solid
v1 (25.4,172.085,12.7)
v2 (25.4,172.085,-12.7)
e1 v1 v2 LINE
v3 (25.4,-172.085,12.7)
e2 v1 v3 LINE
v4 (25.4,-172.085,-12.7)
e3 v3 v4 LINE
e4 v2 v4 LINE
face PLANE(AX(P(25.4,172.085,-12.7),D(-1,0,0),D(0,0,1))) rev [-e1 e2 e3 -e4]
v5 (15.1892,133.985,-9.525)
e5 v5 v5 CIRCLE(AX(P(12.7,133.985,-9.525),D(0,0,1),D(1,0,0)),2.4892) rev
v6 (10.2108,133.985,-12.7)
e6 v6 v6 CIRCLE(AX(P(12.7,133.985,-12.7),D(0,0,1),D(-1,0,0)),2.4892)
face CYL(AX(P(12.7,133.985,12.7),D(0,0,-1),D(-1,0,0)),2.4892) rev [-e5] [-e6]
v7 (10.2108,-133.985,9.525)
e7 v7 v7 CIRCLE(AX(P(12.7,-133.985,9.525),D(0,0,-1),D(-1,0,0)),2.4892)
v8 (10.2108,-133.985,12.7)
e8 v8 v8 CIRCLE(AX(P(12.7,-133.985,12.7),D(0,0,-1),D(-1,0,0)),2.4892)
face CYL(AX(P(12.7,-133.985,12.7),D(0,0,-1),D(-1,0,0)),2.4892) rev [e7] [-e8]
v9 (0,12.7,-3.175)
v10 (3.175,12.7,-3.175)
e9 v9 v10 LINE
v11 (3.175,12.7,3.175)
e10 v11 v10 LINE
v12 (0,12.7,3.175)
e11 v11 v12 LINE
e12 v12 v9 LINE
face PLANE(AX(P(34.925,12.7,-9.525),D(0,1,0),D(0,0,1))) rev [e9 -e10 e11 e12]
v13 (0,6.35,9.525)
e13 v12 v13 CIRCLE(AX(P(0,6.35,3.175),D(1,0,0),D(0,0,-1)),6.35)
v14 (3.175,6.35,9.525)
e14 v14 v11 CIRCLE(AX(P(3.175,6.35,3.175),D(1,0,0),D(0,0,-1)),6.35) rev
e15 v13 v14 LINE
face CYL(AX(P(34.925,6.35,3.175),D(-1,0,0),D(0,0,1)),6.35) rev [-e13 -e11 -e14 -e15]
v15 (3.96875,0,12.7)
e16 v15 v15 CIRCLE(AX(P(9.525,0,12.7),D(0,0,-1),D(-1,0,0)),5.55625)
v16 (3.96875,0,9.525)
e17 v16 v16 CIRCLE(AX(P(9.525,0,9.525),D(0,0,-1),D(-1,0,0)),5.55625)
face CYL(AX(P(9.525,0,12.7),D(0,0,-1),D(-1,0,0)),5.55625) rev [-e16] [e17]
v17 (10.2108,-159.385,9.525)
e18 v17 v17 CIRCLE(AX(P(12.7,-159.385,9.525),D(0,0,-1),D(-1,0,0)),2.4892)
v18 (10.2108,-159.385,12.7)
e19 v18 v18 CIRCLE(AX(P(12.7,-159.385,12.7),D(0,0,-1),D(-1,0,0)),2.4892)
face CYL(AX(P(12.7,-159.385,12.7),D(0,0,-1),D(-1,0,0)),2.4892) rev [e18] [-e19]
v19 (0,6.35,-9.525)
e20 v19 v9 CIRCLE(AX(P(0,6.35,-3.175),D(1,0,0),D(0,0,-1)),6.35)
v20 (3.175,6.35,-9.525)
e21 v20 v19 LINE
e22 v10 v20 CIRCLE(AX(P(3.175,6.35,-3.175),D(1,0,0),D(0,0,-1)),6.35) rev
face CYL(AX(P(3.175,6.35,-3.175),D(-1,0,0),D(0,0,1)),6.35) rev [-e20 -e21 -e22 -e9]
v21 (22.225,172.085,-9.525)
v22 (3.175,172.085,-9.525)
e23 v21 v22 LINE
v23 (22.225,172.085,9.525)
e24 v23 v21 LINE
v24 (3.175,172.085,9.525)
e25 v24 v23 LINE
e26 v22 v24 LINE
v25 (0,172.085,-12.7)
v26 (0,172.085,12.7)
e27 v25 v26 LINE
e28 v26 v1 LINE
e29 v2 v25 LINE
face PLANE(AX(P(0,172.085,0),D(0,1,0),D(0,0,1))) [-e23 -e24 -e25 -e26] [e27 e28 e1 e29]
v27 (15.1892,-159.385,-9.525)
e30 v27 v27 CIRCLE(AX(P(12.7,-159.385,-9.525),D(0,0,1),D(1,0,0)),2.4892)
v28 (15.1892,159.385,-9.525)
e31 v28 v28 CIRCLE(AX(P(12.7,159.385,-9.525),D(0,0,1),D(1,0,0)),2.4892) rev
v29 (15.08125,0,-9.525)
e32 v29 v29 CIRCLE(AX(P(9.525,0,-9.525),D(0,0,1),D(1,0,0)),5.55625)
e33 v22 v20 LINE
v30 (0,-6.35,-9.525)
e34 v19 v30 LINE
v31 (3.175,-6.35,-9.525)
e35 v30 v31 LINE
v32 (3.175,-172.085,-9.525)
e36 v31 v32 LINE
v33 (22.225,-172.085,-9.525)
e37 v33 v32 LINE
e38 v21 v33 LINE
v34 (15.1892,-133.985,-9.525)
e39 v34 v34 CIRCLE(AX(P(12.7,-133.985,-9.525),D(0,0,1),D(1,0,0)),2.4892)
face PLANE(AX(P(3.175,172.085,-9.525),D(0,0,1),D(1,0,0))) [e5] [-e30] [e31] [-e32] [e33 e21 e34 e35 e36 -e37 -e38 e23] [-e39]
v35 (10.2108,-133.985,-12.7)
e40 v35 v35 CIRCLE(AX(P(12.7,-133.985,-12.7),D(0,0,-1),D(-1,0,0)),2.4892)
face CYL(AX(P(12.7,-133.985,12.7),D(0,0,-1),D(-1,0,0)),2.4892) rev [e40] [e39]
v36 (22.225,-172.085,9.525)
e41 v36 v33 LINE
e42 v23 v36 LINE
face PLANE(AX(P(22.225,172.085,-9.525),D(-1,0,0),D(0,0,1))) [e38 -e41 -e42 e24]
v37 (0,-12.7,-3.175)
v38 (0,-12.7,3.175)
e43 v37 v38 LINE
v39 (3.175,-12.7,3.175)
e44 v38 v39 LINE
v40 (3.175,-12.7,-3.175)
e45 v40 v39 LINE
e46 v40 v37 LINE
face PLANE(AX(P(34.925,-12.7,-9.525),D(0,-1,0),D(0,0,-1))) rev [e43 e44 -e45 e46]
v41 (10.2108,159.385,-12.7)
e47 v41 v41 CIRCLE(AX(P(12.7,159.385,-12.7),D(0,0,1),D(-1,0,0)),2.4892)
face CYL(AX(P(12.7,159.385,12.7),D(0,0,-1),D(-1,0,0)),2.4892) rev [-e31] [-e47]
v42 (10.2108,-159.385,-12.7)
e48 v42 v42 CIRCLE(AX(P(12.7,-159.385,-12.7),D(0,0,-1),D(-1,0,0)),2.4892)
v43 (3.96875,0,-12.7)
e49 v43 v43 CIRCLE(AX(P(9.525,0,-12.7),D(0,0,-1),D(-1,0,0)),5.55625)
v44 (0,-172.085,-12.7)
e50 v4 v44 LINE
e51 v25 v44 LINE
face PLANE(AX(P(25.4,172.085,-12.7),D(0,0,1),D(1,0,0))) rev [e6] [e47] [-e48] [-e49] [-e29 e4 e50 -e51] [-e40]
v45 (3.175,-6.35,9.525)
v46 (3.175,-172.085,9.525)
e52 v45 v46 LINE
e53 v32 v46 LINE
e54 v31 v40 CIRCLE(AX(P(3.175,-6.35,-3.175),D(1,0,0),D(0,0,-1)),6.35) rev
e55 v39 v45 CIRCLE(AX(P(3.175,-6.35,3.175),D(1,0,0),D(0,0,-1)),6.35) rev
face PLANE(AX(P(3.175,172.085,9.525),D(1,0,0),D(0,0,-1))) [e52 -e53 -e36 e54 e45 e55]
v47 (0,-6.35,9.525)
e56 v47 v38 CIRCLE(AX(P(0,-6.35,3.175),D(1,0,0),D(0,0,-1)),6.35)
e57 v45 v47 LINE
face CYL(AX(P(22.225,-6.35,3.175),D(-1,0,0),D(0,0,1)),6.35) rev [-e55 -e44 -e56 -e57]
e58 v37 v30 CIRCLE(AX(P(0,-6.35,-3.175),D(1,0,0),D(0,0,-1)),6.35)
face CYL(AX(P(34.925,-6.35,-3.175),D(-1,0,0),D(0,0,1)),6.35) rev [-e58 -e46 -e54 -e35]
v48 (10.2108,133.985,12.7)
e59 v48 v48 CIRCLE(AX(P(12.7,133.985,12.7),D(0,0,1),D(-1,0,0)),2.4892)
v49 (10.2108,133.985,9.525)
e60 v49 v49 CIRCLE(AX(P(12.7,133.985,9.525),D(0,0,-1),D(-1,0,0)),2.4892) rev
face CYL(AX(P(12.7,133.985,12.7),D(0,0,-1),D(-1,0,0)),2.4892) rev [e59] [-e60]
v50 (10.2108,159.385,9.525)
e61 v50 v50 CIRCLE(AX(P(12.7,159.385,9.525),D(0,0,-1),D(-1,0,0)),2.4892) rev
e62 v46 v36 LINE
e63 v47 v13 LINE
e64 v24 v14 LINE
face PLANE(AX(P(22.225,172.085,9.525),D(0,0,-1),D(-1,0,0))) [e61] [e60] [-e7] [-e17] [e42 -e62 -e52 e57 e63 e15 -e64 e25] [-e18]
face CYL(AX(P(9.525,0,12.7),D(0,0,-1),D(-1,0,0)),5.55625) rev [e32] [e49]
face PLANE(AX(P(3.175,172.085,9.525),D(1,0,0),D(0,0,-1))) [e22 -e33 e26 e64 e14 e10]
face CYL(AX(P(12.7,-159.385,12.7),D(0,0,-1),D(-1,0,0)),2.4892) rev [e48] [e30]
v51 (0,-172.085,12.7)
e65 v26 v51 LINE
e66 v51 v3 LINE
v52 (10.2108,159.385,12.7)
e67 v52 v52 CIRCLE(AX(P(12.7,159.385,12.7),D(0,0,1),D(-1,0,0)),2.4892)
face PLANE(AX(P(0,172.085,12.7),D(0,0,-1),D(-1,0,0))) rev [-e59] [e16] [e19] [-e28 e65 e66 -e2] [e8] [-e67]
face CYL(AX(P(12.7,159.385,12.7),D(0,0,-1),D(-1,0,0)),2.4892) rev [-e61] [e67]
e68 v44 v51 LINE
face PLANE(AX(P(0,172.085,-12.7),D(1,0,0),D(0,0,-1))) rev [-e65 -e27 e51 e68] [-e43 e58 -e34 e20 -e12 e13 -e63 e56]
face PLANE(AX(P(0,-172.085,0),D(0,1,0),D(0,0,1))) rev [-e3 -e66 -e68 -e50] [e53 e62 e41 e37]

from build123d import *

# Parameters (mm, degrees)
SKETCH1_W           = 25.4
SKETCH1_H           = 25.4
SKETCH1_W_2         = 19.05
SKETCH1_H_2         = 19.05
BOSS_EXTRUDE1_DEPTH = 172.085
SKETCH2_W           = 19.05
SKETCH2_H           = 25.4
CUT_EXTRUDE1_DEPTH  = 3.175
SKETCH3_R           = 2.4892
SKETCH3_R_2         = 5.55625
CUT_EXTRUDE2_DEPTH  = 26.4
FILLET1_R           = 6.35


with BuildPart() as part:
    # Sketch1 → Boss-Extrude1 (new body, symmetric)
    with BuildSketch(Plane(origin=(0, 0, 0), x_dir=(1, 0, 0), z_dir=(0, 1, 0))):
        with Locations((12.7, 0)):
            Rectangle(SKETCH1_W, SKETCH1_H)
        with Locations((12.7, 0)):
            Rectangle(SKETCH1_W_2, SKETCH1_H_2, mode=Mode.SUBTRACT)
    extrude(amount=BOSS_EXTRUDE1_DEPTH, both=True)

    # Sketch2 → Cut-Extrude1 (cut)
    with BuildSketch(Plane.ZY):
        Rectangle(SKETCH2_W, SKETCH2_H)
    extrude(amount=-CUT_EXTRUDE1_DEPTH, mode=Mode.SUBTRACT)

    # Sketch3 → Cut-Extrude2 (cut, through all)
    with BuildSketch(Plane(origin=(0, 0, -12.7), x_dir=(-1, 0, 0), z_dir=(0, 0, -1))):
        with Locations((-12.7, -159.385)):
            Circle(SKETCH3_R)
        with Locations((-12.7, -133.985)):
            Circle(SKETCH3_R)
        with Locations((-9.525, 0)):
            Circle(SKETCH3_R_2)
    cut_extrude2 = extrude(amount=-CUT_EXTRUDE2_DEPTH, mode=Mode.SUBTRACT)

    # Mirror1: Cut-Extrude2 across plane
    add(cut_extrude2.mirror(Plane.ZX), mode=Mode.SUBTRACT)

    # Fillet1
    fillet1_edges = [part.edges().sort_by_distance(p)[0] for p in [
        (1.5875, 12.7, -9.525),
        (1.5875, -12.7, -9.525),
        (1.5875, -12.7, 9.525),
        (1.5875, 12.7, 9.525),
    ]]
    fillet(fillet1_edges, radius=FILLET1_R)


solid = part.part
